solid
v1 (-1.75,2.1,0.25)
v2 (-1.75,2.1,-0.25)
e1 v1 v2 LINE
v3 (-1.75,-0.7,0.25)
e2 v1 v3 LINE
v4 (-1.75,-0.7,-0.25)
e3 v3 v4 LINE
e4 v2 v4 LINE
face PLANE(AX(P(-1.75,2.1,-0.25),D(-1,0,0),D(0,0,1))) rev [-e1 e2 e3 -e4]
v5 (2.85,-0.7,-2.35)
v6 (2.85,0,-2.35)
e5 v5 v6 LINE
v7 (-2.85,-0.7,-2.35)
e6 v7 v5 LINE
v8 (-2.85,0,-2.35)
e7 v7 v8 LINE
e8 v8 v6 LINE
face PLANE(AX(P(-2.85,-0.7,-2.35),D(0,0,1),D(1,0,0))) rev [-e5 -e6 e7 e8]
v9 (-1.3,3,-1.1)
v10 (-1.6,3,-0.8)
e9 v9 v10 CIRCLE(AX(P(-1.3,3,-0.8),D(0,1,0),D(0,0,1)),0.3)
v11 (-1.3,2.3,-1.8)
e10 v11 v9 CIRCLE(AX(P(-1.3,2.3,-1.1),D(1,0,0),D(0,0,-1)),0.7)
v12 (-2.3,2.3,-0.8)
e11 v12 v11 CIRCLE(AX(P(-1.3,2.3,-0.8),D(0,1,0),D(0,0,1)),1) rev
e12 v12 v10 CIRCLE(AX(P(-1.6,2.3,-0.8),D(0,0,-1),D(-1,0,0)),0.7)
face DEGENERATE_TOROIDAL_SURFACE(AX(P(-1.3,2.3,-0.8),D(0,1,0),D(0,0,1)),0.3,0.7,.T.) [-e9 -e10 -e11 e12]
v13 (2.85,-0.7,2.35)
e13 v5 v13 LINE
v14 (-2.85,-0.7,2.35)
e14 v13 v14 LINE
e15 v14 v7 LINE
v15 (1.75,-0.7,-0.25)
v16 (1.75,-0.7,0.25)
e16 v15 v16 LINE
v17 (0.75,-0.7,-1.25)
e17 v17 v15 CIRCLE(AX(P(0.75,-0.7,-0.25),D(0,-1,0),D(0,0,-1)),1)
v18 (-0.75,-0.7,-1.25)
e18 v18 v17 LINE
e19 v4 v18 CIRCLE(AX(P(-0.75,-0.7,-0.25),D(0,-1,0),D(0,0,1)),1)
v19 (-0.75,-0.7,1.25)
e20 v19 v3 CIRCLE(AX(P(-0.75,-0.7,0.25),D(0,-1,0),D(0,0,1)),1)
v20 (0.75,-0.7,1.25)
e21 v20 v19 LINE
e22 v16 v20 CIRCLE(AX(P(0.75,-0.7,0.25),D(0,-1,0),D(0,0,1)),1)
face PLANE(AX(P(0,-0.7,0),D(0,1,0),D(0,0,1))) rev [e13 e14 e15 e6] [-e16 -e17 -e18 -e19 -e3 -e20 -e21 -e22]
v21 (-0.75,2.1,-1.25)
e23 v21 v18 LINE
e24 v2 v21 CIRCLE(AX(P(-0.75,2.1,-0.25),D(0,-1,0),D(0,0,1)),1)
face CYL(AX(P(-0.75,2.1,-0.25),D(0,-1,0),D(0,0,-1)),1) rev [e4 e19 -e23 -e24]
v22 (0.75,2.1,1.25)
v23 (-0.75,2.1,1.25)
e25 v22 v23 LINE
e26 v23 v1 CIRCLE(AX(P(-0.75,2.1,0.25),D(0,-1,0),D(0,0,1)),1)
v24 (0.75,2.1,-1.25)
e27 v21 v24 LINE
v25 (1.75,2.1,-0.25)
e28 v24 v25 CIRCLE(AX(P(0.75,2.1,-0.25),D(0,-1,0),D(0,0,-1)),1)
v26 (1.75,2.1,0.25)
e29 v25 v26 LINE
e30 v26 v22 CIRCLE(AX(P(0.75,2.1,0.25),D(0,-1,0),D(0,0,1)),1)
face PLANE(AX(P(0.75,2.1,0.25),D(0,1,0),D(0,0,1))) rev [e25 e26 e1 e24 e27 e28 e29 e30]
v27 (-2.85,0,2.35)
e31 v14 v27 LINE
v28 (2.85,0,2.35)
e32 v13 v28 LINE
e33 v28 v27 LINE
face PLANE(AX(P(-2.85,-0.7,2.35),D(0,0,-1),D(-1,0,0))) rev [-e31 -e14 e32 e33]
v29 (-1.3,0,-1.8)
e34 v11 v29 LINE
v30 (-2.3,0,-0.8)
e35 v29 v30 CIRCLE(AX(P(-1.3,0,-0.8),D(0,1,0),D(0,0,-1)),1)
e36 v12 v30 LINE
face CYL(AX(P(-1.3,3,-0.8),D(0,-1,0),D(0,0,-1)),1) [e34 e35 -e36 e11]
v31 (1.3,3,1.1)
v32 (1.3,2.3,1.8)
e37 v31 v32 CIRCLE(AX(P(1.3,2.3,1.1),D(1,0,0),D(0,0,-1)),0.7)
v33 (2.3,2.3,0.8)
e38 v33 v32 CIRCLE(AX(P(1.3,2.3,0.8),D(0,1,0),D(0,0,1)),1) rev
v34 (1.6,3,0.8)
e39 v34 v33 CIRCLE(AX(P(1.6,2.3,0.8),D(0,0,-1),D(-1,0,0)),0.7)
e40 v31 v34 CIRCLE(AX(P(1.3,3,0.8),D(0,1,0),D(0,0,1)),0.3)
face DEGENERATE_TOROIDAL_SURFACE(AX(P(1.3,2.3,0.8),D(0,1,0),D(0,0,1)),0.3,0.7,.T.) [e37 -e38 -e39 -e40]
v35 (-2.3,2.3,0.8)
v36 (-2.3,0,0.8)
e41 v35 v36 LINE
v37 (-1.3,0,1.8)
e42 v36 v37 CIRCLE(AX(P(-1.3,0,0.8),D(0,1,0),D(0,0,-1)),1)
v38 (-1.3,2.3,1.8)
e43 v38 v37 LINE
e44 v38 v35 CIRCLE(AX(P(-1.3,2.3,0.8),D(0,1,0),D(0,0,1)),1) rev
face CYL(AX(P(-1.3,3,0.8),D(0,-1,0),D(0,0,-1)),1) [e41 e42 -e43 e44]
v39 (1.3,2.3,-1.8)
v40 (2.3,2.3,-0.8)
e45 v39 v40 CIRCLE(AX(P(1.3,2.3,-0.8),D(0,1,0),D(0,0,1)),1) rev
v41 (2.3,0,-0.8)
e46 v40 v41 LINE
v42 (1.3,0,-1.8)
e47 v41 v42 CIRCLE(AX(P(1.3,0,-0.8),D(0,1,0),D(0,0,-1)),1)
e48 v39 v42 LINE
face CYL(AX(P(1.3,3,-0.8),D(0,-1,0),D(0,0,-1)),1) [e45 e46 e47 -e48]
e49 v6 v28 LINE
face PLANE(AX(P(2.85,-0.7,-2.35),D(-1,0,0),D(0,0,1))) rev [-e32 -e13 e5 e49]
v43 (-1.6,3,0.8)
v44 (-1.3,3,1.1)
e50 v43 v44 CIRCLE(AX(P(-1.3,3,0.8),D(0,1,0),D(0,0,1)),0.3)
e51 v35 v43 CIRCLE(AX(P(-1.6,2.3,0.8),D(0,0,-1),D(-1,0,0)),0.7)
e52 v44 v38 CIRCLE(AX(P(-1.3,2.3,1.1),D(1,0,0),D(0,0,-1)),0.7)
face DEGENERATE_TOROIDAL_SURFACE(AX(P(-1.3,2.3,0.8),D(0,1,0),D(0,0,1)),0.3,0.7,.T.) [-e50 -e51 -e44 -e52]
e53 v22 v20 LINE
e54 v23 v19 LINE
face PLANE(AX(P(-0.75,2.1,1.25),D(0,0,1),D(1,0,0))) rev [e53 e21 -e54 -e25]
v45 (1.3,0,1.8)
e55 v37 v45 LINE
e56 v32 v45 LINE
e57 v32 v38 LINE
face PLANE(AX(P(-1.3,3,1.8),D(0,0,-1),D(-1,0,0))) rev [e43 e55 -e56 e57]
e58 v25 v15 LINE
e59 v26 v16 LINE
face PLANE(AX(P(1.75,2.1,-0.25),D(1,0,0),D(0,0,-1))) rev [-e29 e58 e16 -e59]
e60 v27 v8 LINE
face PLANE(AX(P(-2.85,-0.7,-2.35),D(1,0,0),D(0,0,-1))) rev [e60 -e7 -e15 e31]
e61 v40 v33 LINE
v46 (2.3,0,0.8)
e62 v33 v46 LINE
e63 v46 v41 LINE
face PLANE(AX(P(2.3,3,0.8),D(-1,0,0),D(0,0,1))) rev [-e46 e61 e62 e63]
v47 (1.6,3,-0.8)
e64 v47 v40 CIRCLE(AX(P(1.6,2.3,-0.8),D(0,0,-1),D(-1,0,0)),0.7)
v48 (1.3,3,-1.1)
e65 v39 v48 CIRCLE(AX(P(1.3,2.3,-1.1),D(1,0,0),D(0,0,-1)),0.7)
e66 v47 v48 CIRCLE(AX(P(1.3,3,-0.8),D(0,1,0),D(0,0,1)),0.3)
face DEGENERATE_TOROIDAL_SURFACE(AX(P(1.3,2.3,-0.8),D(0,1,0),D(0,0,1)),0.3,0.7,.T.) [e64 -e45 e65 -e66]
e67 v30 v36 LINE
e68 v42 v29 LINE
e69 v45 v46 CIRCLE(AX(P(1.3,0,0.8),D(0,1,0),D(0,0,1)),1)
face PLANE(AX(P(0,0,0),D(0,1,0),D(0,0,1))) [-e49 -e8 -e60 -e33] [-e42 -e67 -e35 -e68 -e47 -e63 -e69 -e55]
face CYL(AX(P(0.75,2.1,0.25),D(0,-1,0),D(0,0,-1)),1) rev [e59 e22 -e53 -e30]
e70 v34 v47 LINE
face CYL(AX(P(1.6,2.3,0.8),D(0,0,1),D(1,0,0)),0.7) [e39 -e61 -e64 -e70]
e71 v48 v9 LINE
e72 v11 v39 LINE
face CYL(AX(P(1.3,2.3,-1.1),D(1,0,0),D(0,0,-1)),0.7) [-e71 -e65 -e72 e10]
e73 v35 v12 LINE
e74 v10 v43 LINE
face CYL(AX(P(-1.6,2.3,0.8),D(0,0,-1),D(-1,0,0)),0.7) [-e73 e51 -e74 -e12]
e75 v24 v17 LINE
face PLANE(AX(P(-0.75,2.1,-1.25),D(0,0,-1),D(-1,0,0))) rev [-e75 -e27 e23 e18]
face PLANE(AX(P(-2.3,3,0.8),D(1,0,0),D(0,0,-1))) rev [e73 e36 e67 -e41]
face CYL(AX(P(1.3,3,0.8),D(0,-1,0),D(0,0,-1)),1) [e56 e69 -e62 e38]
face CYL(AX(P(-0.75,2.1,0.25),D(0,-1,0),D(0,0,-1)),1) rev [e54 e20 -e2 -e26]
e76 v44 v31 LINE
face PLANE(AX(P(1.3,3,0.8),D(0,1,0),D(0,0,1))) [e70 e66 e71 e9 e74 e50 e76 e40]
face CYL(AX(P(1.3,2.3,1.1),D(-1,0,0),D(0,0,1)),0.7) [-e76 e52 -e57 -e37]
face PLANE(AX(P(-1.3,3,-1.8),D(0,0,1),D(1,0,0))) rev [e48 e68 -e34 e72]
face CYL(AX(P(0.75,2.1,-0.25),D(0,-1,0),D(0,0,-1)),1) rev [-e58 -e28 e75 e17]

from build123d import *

# Parameters (mm, degrees)
EXTRUDE_332_DEPTH     = 3
SKETCH_2_W            = 5.7
SKETCH_2_H            = 4.7
EXTRUDE_566_DEPTH     = 0.7
CUT_EXTRUDE_806_DEPTH = 2.8
FILLET_1_R            = 0.7


with BuildPart() as part:
    # 草图1 → Extrude 332 (new body)
    with BuildSketch(Plane(origin=(0, 0, 0), x_dir=(1, 0, 0), z_dir=(0, 1, 0))):
        with BuildLine():
            Line((-1.3, -1.8), (1.3, -1.8))
            ThreePointArc((1.3, -1.8), (2.007106781, -1.507106781), (2.3, -0.8))
            Line((2.3, -0.8), (2.3, 0.8))
            ThreePointArc((2.3, 0.8), (2.007106781, 1.507106781), (1.3, 1.8))
            Line((1.3, 1.8), (-1.3, 1.8))
            ThreePointArc((-1.3, 1.8), (-2.007106781, 1.507106781), (-2.3, 0.8))
            Line((-2.3, 0.8), (-2.3, -0.8))
            ThreePointArc((-2.3, -0.8), (-2.007106781, -1.507106781), (-1.3, -1.8))
        make_face()
    extrude(amount=EXTRUDE_332_DEPTH)

    # 草图2 → Extrude 566 (add)
    with BuildSketch(Plane.XZ):
        Rectangle(SKETCH_2_W, SKETCH_2_H)
    extrude(amount=EXTRUDE_566_DEPTH)

    # 草图3 → Cut-Extrude 806 (cut)
    with BuildSketch(Plane.XZ.offset(0.7)):
        with BuildLine():
            Line((-0.75, -1.25), (0.75, -1.25))
            ThreePointArc((0.75, -1.25), (1.457106781, -0.957106781), (1.75, -0.25))
            Line((1.75, -0.25), (1.75, 0.25))
            ThreePointArc((1.75, 0.25), (1.457106781, 0.957106781), (0.75, 1.25))
            Line((0.75, 1.25), (-0.75, 1.25))
            ThreePointArc((-0.75, 1.25), (-1.457106781, 0.957106781), (-1.75, 0.25))
            Line((-1.75, 0.25), (-1.75, -0.25))
            ThreePointArc((-1.75, -0.25), (-1.457106781, -0.957106781), (-0.75, -1.25))
        make_face()
    extrude(amount=-CUT_EXTRUDE_806_DEPTH, mode=Mode.SUBTRACT)

    # 圆角1
    fillet_1_edges = [part.edges().sort_by_distance(p)[0] for p in [
        (2.007106781, 3, -1.507106781),
        (0, 3, -1.8),
        (-2.007106781, 3, -1.507106781),
        (-2.3, 3, 0),
        (-2.007106781, 3, 1.507106781),
        (0, 3, 1.8),
        (2.007106781, 3, 1.507106781),
        (2.3, 3, 0),
    ]]
    fillet(fillet_1_edges, radius=FILLET_1_R)


solid = part.part
